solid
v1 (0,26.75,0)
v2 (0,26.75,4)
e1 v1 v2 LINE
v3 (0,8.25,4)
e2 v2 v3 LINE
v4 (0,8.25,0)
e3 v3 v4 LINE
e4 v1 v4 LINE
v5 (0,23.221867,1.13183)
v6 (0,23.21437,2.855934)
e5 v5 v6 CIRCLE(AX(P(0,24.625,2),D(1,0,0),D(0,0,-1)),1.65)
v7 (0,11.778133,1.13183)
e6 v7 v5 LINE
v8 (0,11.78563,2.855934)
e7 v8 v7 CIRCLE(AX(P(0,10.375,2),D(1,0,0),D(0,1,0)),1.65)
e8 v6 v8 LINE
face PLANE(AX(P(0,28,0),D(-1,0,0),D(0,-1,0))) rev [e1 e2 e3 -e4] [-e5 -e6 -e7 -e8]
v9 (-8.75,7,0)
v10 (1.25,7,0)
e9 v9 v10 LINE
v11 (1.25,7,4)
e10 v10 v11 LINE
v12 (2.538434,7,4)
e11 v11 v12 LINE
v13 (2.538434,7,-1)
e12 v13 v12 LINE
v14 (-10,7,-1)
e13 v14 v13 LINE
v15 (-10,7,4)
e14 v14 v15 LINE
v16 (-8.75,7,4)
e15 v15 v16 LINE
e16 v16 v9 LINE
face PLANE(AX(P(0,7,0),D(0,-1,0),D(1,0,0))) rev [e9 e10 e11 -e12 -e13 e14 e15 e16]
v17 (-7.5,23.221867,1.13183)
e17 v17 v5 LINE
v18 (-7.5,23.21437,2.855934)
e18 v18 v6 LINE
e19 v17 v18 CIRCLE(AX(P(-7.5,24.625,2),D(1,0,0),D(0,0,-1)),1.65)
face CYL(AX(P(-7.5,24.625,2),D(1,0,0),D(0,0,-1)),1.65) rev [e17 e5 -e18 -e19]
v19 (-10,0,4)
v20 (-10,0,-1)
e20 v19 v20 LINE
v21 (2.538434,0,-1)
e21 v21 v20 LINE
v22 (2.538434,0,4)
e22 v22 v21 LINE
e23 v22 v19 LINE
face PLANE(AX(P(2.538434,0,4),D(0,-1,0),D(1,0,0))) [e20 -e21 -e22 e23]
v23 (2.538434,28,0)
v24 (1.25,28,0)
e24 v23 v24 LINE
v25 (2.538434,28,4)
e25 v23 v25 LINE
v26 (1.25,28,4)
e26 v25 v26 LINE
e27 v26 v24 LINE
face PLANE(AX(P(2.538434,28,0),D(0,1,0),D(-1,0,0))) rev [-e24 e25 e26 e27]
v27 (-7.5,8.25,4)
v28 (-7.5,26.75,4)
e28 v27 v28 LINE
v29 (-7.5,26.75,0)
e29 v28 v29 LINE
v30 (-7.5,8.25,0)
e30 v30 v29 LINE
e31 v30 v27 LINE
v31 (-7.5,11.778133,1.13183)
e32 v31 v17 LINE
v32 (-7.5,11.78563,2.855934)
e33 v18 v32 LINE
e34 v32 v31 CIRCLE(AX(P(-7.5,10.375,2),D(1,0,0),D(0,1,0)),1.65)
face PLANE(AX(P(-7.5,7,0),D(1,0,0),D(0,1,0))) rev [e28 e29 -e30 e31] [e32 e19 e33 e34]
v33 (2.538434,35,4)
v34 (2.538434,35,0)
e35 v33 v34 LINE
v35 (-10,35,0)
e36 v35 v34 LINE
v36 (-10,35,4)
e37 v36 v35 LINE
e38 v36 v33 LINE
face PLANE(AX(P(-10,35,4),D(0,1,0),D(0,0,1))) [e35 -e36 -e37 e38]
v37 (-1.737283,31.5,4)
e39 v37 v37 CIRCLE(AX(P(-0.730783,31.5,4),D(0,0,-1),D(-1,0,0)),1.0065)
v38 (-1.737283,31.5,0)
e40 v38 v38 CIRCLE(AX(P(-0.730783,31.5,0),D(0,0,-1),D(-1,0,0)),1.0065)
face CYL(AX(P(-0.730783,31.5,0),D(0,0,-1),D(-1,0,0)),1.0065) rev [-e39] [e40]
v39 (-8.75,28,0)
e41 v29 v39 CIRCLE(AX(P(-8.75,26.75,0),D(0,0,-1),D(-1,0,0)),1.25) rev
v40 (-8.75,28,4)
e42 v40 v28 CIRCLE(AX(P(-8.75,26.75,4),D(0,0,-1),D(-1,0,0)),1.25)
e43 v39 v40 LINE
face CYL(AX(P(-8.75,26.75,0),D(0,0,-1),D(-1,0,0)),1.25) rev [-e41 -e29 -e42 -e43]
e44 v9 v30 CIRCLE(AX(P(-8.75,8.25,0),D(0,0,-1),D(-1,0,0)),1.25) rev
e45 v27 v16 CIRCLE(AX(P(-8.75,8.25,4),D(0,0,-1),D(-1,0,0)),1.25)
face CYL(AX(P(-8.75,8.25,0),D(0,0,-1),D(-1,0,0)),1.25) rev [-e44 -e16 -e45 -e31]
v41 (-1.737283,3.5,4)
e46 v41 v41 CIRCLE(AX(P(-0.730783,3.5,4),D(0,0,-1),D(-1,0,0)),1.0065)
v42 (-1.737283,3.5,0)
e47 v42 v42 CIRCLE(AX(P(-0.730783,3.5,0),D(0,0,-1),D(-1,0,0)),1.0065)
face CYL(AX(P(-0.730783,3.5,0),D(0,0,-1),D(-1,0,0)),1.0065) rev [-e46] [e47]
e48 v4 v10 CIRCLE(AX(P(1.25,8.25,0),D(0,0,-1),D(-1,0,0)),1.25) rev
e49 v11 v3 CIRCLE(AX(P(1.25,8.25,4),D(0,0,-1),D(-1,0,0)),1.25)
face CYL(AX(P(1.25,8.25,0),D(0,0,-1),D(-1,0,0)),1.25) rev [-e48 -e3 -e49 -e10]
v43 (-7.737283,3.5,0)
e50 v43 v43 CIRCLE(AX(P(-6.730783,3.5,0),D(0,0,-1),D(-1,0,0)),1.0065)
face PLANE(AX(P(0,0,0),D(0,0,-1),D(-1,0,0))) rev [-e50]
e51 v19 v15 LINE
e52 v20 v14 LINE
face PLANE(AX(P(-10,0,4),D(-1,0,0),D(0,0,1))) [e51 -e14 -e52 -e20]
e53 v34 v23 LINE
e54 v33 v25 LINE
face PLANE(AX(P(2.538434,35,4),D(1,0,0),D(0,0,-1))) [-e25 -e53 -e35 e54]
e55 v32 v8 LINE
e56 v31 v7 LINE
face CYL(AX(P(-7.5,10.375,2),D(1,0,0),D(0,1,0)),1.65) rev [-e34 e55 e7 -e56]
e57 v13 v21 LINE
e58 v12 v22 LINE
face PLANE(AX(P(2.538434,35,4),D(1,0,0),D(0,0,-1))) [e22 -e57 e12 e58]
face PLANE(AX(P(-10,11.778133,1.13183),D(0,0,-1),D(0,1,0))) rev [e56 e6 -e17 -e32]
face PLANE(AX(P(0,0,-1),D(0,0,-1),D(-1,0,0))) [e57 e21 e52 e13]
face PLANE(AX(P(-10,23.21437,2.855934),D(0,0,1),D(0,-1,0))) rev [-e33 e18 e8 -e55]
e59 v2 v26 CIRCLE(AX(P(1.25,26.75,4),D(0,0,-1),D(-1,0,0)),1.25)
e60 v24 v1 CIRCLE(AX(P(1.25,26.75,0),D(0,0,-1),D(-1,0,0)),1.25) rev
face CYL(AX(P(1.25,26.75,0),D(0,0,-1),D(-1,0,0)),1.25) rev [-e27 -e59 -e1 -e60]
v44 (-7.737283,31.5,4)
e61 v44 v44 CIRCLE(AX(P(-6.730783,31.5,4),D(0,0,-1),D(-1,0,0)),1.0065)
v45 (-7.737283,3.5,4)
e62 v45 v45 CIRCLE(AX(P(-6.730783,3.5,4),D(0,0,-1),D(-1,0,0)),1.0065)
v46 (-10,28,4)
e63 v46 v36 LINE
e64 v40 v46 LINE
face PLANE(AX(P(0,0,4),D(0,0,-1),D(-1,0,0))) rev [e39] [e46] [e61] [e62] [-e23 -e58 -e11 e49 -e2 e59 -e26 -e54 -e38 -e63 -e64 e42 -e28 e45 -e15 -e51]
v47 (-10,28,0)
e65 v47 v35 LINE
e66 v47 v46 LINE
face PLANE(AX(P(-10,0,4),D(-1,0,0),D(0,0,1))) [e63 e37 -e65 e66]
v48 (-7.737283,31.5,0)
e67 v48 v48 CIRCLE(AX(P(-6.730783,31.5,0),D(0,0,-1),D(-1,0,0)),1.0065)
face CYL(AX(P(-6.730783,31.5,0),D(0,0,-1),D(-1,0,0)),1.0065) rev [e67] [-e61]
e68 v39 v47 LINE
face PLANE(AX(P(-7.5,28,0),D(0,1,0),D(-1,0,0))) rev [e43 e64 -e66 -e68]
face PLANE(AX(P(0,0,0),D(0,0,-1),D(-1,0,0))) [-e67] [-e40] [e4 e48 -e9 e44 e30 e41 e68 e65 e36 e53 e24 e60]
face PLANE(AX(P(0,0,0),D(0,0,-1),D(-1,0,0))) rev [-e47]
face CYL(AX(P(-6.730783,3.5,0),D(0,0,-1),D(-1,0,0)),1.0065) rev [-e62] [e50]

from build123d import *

# Parameters (mm, degrees)
SKETCH1_W           = 12.538434267
SKETCH1_H           = 35
BOSS_EXTRUDE1_DEPTH = 4
SKETCH2_W           = 2.538434267
SKETCH2_H           = 21
CUT_EXTRUDE1_DEPTH  = 37.619666847
SKETCH3_W           = 2.5
SKETCH3_H           = 21
CUT_EXTRUDE2_DEPTH  = 37.619666847
CUT_EXTRUDE3_DEPTH  = 37.619666847
SKETCH5_W           = 7.5
SKETCH5_H           = 1.65
SKETCH6_W           = 7.5
SKETCH6_H           = 1.65
HOLE1_D             = 2.013
FILLET1_R           = 1.25
SKETCH9_W           = 12.538434267
SKETCH9_H           = 7
BOSS_EXTRUDE2_DEPTH = 1


with BuildPart() as part:
    # Sketch1 → Boss-Extrude1 (new body)
    with BuildSketch(Plane(origin=(0, 0, 0), x_dir=(-1, 0, 0), z_dir=(0, 0, -1))):
        with Locations((3.730782867, 17.5)):
            Rectangle(SKETCH1_W, SKETCH1_H)
    extrude(amount=-BOSS_EXTRUDE1_DEPTH)

    # Sketch2 → Cut-Extrude1 (cut, through all)
    with BuildSketch(Plane.XY.offset(4)):
        with Locations((1.269217133, 17.5)):
            Rectangle(SKETCH2_W, SKETCH2_H)
    extrude(amount=-CUT_EXTRUDE1_DEPTH, mode=Mode.SUBTRACT)

    # Sketch3 → Cut-Extrude2 (cut, through all)
    with BuildSketch(Plane.XY.offset(4)):
        with Locations((-8.75, 17.5)):
            Rectangle(SKETCH3_W, SKETCH3_H)
    extrude(amount=-CUT_EXTRUDE2_DEPTH, mode=Mode.SUBTRACT)

    # Sketch4 → Cut-Extrude3 (cut, through all)
    with BuildSketch(Plane(origin=(0, 0, 0), x_dir=(0, 0, -1), z_dir=(1, 0, 0))):
        with BuildLine():
            Line((-2.855933763, 23.21436986), (-2.855933763, 11.78563014))
            ThreePointArc((-2.855933763, 11.78563014), (-1.992824856, 12.024984399), (-1.13183027, 11.778132681))
            Line((-1.13183027, 11.778132681), (-1.13183027, 23.221867319))
            ThreePointArc((-1.13183027, 23.221867319), (-1.992824856, 22.975015601), (-2.855933763, 23.21436986))
        make_face()
    extrude(amount=-CUT_EXTRUDE3_DEPTH, mode=Mode.SUBTRACT)

    # Sketch5 → Cut-Revolve1 (revolve, cut)
    with BuildSketch(Plane.XY.offset(2)):
        with Locations((-3.75, 11.2)):
            Rectangle(SKETCH5_W, SKETCH5_H)
    revolve(axis=Axis((-7.5, 10.375, 2), (1, 0, 0)), mode=Mode.SUBTRACT)

    # Sketch6 → Cut-Revolve2 (revolve, cut)
    with BuildSketch(Plane.XY.offset(2)):
        with Locations((-3.75, 25.45)):
            Rectangle(SKETCH6_W, SKETCH6_H)
    revolve(axis=Axis((-7.5, 24.625, 2), (1, 0, 0)), mode=Mode.SUBTRACT)

    # Hole1 (through all)
    with Locations(Plane(origin=(0, 0, 0), x_dir=(-1, 0, 0), z_dir=(0, 0, -1))):
        with Locations((0.730782866, 3.5), (6.730782866, 3.5), (0.730782866, 31.5), (6.730782866, 31.5)):
            Hole(HOLE1_D / 2)

    # Fillet1
    fillet1_edges = [part.edges().sort_by_distance(p)[0] for p in [
        (0, 7, 2),
        (0, 28, 2),
        (-7.5, 28, 2),
        (-7.5, 7, 2),
    ]]
    fillet(fillet1_edges, radius=FILLET1_R)

    # Sketch9 → Boss-Extrude2 (add)
    with BuildSketch(Plane(origin=(0, 0, 0), x_dir=(-1, 0, 0), z_dir=(0, 0, -1))):
        with Locations((3.730782867, 3.5)):
            Rectangle(SKETCH9_W, SKETCH9_H)
    extrude(amount=BOSS_EXTRUDE2_DEPTH)


solid = part.part
